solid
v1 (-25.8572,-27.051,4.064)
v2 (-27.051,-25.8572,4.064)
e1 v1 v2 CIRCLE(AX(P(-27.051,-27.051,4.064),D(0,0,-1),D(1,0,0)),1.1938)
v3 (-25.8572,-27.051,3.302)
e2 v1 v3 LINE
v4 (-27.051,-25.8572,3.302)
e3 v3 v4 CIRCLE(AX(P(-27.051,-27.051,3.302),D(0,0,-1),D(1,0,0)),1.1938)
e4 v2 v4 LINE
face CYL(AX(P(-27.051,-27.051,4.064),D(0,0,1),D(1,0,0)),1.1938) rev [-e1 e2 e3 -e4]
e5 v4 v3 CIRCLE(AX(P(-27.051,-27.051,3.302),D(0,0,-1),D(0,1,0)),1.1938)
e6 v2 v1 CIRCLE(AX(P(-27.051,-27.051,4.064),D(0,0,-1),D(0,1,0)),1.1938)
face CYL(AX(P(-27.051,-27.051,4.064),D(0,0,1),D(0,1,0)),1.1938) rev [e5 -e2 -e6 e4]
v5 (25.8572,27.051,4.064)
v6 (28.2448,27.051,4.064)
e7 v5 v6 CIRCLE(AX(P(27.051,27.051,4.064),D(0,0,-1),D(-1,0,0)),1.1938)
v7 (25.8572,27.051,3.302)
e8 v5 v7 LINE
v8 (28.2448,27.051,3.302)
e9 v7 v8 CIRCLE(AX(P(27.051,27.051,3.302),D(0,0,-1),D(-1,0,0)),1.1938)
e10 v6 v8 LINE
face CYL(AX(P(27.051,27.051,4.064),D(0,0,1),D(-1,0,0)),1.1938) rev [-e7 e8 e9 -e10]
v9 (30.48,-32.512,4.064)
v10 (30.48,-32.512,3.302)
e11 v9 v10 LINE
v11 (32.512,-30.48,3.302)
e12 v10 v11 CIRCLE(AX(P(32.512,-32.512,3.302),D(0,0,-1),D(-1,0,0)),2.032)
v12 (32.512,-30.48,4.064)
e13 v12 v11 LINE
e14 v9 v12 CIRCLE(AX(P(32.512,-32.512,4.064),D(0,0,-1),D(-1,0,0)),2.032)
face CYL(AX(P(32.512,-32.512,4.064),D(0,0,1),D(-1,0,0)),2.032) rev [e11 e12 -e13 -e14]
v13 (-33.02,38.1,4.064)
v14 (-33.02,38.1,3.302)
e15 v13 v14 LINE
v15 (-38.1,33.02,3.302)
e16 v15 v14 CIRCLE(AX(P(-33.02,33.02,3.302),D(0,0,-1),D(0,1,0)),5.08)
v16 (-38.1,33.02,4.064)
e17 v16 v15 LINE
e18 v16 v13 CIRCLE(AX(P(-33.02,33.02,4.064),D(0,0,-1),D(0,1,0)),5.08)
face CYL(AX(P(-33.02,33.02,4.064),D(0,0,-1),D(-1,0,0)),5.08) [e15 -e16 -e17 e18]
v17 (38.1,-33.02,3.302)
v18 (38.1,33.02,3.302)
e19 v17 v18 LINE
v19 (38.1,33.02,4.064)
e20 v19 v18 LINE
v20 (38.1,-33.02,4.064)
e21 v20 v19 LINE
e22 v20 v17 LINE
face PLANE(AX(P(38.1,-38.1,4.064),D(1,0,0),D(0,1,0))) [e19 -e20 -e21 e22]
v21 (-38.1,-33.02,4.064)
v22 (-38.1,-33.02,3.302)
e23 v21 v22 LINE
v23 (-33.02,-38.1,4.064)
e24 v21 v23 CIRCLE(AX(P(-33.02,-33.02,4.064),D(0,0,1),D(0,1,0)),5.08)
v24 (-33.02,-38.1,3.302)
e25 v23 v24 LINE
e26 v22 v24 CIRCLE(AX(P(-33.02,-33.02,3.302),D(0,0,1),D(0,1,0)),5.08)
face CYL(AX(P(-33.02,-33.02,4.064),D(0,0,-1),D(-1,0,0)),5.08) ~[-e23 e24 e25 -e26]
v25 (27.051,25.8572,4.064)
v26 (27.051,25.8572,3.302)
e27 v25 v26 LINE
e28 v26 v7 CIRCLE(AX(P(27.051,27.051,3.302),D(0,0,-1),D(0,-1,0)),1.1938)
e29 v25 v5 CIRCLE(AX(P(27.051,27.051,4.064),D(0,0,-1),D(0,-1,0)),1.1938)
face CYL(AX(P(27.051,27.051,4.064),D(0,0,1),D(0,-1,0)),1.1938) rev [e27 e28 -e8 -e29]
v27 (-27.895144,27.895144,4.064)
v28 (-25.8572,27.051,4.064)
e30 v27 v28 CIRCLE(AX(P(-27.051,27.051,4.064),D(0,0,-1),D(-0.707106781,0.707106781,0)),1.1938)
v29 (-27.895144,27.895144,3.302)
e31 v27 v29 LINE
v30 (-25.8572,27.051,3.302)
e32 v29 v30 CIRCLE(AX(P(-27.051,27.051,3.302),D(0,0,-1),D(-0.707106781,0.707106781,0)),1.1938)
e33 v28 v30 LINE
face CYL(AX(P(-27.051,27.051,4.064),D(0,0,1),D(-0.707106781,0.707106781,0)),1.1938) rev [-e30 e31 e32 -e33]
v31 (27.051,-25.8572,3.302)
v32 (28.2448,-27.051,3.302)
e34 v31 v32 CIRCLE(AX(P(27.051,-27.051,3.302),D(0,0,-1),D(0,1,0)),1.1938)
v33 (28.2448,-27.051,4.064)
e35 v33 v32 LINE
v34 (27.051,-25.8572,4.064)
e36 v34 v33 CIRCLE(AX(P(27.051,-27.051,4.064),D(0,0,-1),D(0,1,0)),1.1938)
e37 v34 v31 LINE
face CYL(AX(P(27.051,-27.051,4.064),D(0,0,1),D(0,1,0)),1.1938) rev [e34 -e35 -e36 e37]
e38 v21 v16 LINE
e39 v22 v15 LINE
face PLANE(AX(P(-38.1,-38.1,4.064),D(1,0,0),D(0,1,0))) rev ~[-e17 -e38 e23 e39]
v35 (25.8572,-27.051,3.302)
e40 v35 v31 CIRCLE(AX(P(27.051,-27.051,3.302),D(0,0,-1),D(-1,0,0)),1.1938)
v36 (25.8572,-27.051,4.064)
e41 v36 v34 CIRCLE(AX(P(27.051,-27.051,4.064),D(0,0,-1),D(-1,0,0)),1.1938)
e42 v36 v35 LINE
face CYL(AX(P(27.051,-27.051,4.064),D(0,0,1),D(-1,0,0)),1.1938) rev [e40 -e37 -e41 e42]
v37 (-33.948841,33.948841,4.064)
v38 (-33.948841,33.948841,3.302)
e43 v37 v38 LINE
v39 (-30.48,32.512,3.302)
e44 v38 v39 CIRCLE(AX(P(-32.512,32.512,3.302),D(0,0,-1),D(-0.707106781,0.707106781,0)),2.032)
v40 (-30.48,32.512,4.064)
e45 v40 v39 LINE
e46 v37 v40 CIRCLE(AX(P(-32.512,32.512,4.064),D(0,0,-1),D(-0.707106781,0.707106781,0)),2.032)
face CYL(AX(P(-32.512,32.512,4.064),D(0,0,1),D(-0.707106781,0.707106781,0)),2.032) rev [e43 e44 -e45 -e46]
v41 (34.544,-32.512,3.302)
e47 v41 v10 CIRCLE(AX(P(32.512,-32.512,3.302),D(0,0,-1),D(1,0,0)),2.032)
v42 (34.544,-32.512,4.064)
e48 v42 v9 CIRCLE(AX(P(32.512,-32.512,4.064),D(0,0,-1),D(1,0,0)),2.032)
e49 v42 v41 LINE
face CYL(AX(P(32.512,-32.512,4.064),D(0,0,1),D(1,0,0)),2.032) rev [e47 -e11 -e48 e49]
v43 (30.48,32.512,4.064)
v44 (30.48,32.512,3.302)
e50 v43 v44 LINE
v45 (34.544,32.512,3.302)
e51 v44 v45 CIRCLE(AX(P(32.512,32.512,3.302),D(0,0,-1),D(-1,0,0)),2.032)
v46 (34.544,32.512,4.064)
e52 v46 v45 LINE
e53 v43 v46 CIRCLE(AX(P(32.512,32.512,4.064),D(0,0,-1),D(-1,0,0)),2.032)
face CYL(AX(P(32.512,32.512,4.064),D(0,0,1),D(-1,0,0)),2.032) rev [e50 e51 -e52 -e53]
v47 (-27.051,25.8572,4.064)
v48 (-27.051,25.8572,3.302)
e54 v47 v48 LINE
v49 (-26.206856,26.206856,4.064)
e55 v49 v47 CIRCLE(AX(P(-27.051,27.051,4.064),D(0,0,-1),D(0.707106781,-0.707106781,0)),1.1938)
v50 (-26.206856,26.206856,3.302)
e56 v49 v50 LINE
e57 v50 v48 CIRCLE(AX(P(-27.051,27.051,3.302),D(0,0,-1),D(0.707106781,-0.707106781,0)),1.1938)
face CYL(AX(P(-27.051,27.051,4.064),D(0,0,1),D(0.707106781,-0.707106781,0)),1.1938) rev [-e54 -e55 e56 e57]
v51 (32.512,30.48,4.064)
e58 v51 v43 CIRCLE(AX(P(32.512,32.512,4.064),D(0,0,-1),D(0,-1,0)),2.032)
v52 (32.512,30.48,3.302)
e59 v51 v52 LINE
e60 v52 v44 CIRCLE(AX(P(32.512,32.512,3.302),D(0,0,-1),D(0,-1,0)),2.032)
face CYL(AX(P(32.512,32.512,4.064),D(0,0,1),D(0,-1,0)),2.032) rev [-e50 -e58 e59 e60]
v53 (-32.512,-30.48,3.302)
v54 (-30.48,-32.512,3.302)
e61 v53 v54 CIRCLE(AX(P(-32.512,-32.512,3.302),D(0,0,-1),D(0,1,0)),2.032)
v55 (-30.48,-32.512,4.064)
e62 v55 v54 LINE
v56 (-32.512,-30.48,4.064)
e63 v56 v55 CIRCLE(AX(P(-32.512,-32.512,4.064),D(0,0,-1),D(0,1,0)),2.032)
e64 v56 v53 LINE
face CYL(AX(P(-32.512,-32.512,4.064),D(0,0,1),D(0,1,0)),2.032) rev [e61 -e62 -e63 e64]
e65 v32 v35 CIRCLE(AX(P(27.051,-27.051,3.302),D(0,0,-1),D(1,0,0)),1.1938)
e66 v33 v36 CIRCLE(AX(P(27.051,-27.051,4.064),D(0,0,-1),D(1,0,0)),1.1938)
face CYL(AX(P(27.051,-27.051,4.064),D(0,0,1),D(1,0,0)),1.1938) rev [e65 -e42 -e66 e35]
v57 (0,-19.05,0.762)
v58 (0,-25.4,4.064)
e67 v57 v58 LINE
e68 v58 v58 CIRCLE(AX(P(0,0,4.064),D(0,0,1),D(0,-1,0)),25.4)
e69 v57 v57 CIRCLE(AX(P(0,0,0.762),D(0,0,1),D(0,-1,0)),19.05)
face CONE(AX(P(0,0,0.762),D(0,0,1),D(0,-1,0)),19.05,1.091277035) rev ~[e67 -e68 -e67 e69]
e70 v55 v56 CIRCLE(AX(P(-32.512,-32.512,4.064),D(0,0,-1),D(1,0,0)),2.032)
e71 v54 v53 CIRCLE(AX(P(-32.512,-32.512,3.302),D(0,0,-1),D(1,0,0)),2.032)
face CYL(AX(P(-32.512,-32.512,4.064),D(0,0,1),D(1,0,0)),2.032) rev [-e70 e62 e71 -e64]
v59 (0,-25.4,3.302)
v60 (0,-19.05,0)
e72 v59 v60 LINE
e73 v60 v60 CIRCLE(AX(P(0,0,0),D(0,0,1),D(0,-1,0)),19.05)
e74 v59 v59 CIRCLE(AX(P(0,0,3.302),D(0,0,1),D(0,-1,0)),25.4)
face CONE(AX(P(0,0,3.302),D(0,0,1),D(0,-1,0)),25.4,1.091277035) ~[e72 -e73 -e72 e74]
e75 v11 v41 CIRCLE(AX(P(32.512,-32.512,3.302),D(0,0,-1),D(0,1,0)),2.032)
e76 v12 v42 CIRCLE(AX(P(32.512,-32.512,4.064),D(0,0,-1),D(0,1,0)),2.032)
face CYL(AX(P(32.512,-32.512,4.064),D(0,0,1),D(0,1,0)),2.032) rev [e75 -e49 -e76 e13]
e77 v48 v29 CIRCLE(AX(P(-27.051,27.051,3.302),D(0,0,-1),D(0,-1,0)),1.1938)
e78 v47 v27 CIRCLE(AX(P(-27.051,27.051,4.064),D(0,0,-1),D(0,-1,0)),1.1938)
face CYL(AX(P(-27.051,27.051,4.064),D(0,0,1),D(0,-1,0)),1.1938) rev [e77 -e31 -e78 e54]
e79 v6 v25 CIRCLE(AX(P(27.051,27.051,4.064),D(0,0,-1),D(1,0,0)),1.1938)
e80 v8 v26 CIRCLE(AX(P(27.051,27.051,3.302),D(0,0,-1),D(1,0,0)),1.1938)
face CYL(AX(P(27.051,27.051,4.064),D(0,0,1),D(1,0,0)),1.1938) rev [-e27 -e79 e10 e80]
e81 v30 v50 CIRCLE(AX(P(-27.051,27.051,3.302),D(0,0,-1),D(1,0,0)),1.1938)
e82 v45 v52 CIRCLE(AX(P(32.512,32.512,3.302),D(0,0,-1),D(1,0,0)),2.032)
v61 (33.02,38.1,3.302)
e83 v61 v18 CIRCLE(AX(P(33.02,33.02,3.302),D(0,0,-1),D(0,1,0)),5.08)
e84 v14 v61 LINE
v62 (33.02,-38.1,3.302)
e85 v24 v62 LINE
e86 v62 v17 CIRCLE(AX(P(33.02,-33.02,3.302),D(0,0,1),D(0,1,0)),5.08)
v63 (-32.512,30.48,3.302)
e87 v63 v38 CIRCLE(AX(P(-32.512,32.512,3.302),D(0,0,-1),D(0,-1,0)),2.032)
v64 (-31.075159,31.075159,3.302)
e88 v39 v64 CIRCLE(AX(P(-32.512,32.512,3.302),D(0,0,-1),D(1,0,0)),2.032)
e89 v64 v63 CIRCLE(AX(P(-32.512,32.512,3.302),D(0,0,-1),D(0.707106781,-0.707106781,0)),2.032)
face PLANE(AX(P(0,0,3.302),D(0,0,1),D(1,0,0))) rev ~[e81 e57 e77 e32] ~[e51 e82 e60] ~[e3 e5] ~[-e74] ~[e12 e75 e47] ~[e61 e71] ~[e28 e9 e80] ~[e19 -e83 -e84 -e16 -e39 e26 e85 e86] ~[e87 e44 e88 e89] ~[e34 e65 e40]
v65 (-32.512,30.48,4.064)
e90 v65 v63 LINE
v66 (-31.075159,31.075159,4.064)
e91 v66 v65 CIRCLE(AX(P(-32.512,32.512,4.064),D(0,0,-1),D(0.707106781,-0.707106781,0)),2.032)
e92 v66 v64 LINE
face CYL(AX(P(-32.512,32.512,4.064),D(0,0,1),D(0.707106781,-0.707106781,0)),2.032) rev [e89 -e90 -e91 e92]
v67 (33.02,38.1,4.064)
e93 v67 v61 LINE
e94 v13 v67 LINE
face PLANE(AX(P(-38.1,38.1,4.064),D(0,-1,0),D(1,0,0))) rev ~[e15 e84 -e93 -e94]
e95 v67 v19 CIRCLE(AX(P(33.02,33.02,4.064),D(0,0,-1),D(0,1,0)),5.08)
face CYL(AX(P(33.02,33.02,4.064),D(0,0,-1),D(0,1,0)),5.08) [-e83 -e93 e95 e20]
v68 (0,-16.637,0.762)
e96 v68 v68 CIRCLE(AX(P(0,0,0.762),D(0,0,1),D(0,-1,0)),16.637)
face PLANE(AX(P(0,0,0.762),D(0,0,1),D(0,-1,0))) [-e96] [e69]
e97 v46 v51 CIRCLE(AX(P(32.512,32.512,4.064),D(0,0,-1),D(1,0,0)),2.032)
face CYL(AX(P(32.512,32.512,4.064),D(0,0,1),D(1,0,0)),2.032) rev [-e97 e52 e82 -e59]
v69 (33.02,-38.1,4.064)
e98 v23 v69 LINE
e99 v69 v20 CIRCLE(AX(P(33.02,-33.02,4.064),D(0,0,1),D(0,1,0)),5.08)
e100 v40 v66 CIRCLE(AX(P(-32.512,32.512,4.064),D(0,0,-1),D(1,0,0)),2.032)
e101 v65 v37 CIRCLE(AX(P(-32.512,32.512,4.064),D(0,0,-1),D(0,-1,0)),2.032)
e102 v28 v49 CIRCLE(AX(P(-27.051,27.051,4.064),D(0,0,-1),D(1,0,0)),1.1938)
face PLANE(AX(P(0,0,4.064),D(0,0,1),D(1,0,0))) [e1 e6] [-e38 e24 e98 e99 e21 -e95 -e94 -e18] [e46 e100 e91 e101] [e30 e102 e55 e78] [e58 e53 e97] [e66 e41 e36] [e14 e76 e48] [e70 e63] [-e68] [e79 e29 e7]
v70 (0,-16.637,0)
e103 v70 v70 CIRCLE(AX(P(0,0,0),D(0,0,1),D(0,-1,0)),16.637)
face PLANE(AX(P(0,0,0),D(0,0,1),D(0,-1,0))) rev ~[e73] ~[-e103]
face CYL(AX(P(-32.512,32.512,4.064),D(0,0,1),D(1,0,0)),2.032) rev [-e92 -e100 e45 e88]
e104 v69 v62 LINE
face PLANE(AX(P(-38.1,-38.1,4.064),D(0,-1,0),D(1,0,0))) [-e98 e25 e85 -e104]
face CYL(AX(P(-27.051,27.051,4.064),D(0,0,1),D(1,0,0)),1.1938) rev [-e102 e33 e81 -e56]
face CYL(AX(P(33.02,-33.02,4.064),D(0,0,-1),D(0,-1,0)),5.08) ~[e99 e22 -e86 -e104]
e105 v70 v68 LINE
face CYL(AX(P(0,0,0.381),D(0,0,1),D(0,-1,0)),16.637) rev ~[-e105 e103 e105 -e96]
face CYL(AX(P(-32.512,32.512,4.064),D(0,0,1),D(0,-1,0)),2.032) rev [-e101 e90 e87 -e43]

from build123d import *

# Parameters (mm, degrees)
F0_W     = 5.08
F0_H     = 0.762
F0_W_2   = 2.413
F2_W     = 76.2
F2_H     = 76.2
F3_DEPTH = 0.762
F4_R     = 5.08


with BuildPart() as f1:
    # F0 (on Right) → F1 (revolve)
    with BuildSketch(Plane.YZ):
        with Locations((-27.94, 3.683)):
            Rectangle(F0_W, F0_H)
        Polygon((-25.4, 3.302), (-19.05, 0), (-19.05, 0.762), (-25.4, 4.064), align=None)
        with Locations((-17.8435, 0.381)):
            Rectangle(F0_W_2, F0_H)
    revolve(axis=Axis((0, 0, 0.2757511821), (0, 0, 1)))

    # F2 (on face) → F3 (join, through all)
    with BuildSketch(Plane.XY.offset(4.064)):
        Rectangle(F2_W, F2_H)
        with BuildLine():
            ThreePointArc((-32.512, 30.48), (-34.3893232101, 31.7343872654), (-33.9488409794, 33.9488409794))
            ThreePointArc((-33.9488409794, 33.9488409794), (-31.7343872654, 34.3893232101), (-30.48, 32.512))
            Line((-30.48, 32.512), (30.48, 32.512))
            ThreePointArc((30.48, 32.512), (32.512, 34.544), (34.544, 32.512))
            ThreePointArc((34.544, 32.512), (33.9488409794, 31.0751590206), (32.512, 30.48))
            Line((32.512, 30.48), (32.512, -30.48))
            ThreePointArc((32.512, -30.48), (33.9488409794, -31.0751590206), (34.544, -32.512))
            ThreePointArc((34.544, -32.512), (32.512, -34.544), (30.48, -32.512))
            Line((30.48, -32.512), (-30.48, -32.512))
            ThreePointArc((-30.48, -32.512), (-33.9488409794, -33.9488409794), (-32.512, -30.48))
            Line((-32.512, -30.48), (-32.512, 30.48))
        make_face(mode=Mode.SUBTRACT)
        with BuildLine():
            Line((30.48, 32.512), (-30.48, 32.512))
            ThreePointArc((-30.48, 32.512), (-30.6346767899, 31.7343872654), (-31.0751590206, 31.0751590206))
            ThreePointArc((-31.0751590206, 31.0751590206), (-31.7343872654, 30.6346767899), (-32.512, 30.48))
            Line((-32.512, 30.48), (-32.512, -30.48))
            ThreePointArc((-32.512, -30.48), (-31.0751590206, -31.0751590206), (-30.48, -32.512))
            Line((-30.48, -32.512), (30.48, -32.512))
            ThreePointArc((30.48, -32.512), (31.0751590206, -31.0751590206), (32.512, -30.48))
            Line((32.512, -30.48), (32.512, 30.48))
            ThreePointArc((32.512, 30.48), (31.0751590206, 31.0751590206), (30.48, 32.512))
        make_face()
        with BuildLine():
            ThreePointArc((-27.051, 25.8572), (-28.1539273859, 26.5941525184), (-27.8951440754, 27.8951440754))
            ThreePointArc((-27.8951440754, 27.8951440754), (-26.5941525184, 28.1539273859), (-25.8572, 27.051))
            Line((-25.8572, 27.051), (-14.0454191465, 27.051))
            ThreePointArc((-14.0454191465, 27.051), (0, 30.48), (14.0454191465, 27.051))
            Line((14.0454191465, 27.051), (25.8572, 27.051))
            ThreePointArc((25.8572, 27.051), (27.051, 28.2448), (28.2448, 27.051))
            ThreePointArc((28.2448, 27.051), (27.8951440754, 26.2068559246), (27.051, 25.8572))
            Line((27.051, 25.8572), (27.051, 14.0454191465))
            ThreePointArc((27.051, 14.0454191465), (29.6103434631, 7.2289667311), (30.48, 0))
            ThreePointArc((30.48, 0), (29.6103434631, -7.2289667311), (27.051, -14.0454191465))
            Line((27.051, -14.0454191465), (27.051, -25.8572))
            ThreePointArc((27.051, -25.8572), (27.8951440754, -26.2068559246), (28.2448, -27.051))
            ThreePointArc((28.2448, -27.051), (27.051, -28.2448), (25.8572, -27.051))
            Line((25.8572, -27.051), (14.0454191465, -27.051))
            ThreePointArc((14.0454191465, -27.051), (0, -30.48), (-14.0454191465, -27.051))
            Line((-14.0454191465, -27.051), (-25.8572, -27.051))
            ThreePointArc((-25.8572, -27.051), (-27.8951440754, -27.8951440754), (-27.051, -25.8572))
            Line((-27.051, -25.8572), (-27.051, -14.0454191465))
            ThreePointArc((-27.051, -14.0454191465), (-30.48, 0), (-27.051, 14.0454191465))
            Line((-27.051, 14.0454191465), (-27.051, 25.8572))
        make_face(mode=Mode.SUBTRACT)
        with BuildLine():
            Line((27.051, -25.8572), (27.051, -14.0454191465))
            ThreePointArc((27.051, -14.0454191465), (21.5526146906, -21.5526146906), (14.0454191465, -27.051))
            Line((14.0454191465, -27.051), (25.8572, -27.051))
            ThreePointArc((25.8572, -27.051), (26.2068559246, -26.2068559246), (27.051, -25.8572))
        make_face()
        with BuildLine():
            Line((25.8572, 27.051), (14.0454191465, 27.051))
            ThreePointArc((14.0454191465, 27.051), (21.5526146906, 21.5526146906), (27.051, 14.0454191465))
            Line((27.051, 14.0454191465), (27.051, 25.8572))
            ThreePointArc((27.051, 25.8572), (26.2068559246, 26.2068559246), (25.8572, 27.051))
        make_face()
        with BuildLine():
            ThreePointArc((-14.0454191465, -27.051), (-21.5526146906, -21.5526146906), (-27.051, -14.0454191465))
            Line((-27.051, -14.0454191465), (-27.051, -25.8572))
            ThreePointArc((-27.051, -25.8572), (-26.2068559246, -26.2068559246), (-25.8572, -27.051))
            Line((-25.8572, -27.051), (-14.0454191465, -27.051))
        make_face()
        with BuildLine():
            ThreePointArc((-26.2068559246, 26.2068559246), (-26.5941525184, 25.9480726141), (-27.051, 25.8572))
            Line((-27.051, 25.8572), (-27.051, 14.0454191465))
            ThreePointArc((-27.051, 14.0454191465), (-24.589984475, 18.0100822741), (-21.5526146906, 21.5526146906))
            Line((-21.5526146906, 21.5526146906), (-26.2068559246, 26.2068559246))
        make_face()
        with BuildLine():
            Line((-14.0454191465, 27.051), (-25.8572, 27.051))
            ThreePointArc((-25.8572, 27.051), (-25.9480726141, 26.5941525184), (-26.2068559246, 26.2068559246))
            Line((-26.2068559246, 26.2068559246), (-21.5526146906, 21.5526146906))
            ThreePointArc((-21.5526146906, 21.5526146906), (-18.0100822741, 24.589984475), (-14.0454191465, 27.051))
        make_face()
    extrude(amount=-F3_DEPTH)

    # F4
    f4_edges = [f1.edges().sort_by_distance(p)[0] for p in [
        (-38.1, -38.1, 3.683),
        (38.1, -38.1, 3.683),
        (-38.1, 38.1, 3.683),
        (38.1, 38.1, 3.683),
    ]]
    fillet(f4_edges, radius=F4_R)


solid = f1.part
